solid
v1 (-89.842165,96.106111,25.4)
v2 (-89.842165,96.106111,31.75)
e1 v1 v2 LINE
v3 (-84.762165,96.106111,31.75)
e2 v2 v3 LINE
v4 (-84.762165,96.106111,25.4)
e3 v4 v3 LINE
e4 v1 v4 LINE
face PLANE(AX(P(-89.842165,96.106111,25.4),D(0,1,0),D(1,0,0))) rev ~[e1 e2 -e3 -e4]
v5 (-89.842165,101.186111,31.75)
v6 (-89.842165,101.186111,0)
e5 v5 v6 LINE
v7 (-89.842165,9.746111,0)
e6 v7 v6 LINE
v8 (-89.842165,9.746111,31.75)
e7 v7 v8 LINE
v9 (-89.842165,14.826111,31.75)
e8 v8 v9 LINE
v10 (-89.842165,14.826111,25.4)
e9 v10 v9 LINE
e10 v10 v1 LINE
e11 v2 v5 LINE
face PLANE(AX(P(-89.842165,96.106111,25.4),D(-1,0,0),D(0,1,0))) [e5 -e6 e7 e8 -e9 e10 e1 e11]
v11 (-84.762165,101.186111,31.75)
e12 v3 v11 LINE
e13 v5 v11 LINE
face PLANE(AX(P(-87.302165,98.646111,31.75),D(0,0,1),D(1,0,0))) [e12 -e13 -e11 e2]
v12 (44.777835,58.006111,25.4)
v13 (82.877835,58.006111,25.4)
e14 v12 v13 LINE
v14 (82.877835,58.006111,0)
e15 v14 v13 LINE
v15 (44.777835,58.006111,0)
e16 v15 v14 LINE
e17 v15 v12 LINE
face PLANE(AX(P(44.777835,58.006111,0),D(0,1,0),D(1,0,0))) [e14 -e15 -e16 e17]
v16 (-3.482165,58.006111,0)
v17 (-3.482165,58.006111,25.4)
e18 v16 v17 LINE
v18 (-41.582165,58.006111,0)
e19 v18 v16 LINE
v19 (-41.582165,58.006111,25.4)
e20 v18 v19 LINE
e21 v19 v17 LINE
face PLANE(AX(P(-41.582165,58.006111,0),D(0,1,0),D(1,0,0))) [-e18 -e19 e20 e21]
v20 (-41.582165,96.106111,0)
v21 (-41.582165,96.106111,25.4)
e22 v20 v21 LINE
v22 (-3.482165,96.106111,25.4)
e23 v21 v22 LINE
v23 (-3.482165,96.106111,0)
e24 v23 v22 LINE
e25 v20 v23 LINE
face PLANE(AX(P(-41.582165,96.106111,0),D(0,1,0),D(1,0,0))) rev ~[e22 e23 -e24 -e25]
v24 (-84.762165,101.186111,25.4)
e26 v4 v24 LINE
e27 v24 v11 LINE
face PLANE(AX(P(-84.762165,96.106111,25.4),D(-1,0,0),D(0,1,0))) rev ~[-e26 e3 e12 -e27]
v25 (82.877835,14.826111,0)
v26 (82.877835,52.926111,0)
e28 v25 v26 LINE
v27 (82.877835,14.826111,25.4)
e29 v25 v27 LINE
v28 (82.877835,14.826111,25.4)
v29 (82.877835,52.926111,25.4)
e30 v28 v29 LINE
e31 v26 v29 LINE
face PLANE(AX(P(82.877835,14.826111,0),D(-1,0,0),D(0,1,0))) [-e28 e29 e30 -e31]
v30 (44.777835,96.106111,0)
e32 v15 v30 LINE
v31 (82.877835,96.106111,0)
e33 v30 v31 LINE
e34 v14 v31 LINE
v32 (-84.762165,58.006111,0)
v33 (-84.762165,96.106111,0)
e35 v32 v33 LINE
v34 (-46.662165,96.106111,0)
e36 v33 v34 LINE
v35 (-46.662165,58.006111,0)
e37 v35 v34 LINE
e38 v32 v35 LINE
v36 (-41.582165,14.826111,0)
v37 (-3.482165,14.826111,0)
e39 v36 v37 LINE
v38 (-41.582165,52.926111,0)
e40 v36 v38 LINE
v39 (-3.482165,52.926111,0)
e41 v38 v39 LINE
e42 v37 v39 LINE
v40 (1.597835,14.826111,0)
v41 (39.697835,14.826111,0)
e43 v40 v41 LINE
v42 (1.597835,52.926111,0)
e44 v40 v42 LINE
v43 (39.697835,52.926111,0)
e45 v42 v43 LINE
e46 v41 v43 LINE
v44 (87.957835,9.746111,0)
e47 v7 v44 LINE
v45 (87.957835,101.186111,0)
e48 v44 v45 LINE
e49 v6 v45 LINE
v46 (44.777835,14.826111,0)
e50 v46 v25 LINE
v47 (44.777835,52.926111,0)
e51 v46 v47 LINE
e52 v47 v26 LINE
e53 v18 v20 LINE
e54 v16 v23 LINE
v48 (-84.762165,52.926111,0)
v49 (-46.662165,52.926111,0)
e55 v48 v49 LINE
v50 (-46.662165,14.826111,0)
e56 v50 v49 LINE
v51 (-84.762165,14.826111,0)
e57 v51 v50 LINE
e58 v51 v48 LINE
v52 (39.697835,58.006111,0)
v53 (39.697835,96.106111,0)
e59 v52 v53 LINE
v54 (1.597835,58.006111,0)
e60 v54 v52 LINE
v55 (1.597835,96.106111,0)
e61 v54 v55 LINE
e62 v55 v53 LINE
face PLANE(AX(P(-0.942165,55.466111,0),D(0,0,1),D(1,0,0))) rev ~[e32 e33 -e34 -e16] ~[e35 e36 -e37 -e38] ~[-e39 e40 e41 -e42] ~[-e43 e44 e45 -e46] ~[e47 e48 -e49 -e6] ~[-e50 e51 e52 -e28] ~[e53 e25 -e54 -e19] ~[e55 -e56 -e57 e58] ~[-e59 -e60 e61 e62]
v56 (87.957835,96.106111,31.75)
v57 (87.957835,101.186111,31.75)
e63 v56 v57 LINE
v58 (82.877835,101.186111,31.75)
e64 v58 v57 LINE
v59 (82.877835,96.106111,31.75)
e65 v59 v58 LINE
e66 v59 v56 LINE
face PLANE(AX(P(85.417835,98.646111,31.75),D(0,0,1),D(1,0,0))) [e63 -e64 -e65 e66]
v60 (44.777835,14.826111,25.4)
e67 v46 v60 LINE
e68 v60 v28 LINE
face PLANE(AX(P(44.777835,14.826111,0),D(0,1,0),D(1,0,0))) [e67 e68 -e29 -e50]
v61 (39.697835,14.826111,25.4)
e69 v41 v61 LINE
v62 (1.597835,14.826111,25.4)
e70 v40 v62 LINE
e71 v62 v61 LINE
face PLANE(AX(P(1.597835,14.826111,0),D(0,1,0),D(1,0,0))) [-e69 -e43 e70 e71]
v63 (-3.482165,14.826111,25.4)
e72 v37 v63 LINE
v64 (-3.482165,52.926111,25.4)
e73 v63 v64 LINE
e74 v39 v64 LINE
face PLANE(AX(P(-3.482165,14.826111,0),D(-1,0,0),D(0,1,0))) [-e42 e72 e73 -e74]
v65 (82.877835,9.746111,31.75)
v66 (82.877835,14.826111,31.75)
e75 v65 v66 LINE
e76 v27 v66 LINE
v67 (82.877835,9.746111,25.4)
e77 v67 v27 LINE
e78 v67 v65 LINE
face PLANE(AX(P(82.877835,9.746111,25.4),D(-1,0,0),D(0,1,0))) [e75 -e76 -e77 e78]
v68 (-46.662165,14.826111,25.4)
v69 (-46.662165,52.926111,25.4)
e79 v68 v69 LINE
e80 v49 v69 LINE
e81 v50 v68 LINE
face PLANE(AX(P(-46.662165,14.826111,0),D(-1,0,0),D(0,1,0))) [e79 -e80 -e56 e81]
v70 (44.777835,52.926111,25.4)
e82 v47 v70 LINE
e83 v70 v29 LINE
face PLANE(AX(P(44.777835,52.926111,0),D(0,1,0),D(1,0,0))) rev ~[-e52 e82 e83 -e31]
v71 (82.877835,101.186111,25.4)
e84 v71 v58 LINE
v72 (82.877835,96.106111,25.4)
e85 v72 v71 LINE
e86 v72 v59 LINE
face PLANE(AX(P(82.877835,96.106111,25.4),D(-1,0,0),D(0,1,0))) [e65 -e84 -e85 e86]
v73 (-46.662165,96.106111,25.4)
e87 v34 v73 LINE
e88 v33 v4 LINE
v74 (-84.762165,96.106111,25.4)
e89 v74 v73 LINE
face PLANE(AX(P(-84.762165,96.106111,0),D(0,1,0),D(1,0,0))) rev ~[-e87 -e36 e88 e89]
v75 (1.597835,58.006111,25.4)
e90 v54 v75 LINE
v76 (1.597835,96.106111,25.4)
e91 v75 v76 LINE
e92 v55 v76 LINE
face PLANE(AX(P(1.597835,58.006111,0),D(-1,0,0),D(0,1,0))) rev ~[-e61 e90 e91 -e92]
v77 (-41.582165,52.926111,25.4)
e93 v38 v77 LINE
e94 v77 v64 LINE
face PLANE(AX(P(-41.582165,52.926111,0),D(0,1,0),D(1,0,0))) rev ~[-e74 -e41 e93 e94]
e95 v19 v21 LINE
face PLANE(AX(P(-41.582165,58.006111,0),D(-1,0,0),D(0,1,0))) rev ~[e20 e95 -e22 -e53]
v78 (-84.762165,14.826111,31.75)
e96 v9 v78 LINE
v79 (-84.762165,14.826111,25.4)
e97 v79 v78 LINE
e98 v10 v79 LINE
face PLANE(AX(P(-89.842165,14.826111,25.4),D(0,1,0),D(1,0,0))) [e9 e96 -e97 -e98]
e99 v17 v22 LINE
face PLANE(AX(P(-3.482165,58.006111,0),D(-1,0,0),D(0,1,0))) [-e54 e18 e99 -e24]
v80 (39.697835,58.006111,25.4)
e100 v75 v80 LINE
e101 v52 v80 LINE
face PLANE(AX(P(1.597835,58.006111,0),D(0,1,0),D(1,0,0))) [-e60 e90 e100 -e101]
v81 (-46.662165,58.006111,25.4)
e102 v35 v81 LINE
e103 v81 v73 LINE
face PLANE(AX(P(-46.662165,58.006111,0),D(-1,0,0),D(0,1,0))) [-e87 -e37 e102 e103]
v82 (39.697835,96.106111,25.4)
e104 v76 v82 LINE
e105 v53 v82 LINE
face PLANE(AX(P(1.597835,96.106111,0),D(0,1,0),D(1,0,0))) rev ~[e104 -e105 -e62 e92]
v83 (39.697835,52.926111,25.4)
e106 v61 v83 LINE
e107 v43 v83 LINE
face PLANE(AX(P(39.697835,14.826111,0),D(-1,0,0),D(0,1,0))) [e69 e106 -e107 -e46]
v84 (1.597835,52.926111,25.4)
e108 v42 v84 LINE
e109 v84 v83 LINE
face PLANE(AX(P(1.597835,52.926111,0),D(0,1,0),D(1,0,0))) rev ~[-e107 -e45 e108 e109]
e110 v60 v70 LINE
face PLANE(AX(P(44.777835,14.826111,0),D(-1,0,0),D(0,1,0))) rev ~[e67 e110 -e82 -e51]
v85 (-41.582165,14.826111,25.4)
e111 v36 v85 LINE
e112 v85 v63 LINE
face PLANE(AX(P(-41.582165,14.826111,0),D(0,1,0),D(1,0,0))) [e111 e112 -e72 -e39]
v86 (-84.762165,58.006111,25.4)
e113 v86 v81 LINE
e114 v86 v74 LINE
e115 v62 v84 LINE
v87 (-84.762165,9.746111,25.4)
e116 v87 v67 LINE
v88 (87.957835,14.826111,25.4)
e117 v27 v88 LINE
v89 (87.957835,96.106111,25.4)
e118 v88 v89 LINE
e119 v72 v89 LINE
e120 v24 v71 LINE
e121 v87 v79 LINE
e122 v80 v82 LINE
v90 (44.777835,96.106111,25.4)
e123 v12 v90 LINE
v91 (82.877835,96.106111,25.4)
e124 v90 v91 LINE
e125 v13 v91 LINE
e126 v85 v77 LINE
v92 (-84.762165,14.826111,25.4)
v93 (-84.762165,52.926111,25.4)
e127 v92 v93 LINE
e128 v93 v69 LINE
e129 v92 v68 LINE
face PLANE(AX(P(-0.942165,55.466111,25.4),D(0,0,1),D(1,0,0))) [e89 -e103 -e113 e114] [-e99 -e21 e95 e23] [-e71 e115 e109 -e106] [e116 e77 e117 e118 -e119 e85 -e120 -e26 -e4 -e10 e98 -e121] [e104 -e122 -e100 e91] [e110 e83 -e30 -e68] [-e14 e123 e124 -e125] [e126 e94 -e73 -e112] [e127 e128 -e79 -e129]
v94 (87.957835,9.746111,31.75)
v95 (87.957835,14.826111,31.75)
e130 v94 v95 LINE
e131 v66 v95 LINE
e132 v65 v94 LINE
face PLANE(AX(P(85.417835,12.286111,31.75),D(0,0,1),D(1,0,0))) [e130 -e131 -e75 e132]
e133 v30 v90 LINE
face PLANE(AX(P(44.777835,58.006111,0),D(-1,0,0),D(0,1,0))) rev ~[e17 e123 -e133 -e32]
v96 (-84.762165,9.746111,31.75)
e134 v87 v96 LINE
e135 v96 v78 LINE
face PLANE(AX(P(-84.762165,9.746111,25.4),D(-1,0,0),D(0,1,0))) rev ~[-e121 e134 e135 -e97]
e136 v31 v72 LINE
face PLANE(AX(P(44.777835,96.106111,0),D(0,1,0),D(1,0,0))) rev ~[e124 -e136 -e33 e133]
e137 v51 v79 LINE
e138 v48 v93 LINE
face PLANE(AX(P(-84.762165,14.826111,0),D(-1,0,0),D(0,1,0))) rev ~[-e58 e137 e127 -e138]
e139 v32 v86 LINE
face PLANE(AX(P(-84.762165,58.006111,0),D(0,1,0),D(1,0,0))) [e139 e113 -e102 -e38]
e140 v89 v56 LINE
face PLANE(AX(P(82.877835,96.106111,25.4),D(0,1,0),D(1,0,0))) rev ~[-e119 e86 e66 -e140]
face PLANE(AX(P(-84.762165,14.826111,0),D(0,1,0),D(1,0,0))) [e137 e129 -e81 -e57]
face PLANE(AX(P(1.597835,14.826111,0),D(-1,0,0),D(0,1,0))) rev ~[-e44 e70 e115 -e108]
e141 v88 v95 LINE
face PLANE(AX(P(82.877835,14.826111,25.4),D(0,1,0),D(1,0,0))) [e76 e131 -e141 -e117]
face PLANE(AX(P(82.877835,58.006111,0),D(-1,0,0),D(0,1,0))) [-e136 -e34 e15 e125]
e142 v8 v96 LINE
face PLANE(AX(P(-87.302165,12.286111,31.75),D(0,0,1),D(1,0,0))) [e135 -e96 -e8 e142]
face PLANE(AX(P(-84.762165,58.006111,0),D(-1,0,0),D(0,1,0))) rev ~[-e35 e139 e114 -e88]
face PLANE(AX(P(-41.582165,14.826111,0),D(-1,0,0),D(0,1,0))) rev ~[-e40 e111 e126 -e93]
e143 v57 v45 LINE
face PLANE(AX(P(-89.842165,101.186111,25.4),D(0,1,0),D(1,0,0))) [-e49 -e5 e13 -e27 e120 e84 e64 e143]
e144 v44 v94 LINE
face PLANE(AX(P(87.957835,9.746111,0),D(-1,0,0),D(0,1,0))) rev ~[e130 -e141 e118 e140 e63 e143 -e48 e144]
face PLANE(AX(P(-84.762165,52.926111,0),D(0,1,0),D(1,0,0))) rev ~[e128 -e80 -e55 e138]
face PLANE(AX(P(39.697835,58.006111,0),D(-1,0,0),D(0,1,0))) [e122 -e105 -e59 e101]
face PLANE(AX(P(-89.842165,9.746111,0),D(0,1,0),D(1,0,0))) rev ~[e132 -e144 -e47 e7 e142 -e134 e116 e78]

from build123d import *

# Parameters (mm, degrees)
F0_W     = 177.8
F0_H     = 91.44
F0_W_2   = 38.1
F0_H_2   = 38.1
F1_DEPTH = 25.4
F2_W     = 5.08
F2_H     = 5.08
F3_DEPTH = 6.35


with BuildPart() as f1:
    # F0 (on Top) → F1 (new body)
    with BuildSketch(Plane.XY):
        with Locations((-0.942165, 55.466111)):
            Rectangle(F0_W, F0_H)
        with Locations((-65.712165, 33.876111)):
            Rectangle(F0_W_2, F0_H_2, mode=Mode.SUBTRACT)
        with Locations((-22.532165, 33.876111)):
            Rectangle(F0_W_2, F0_H_2, mode=Mode.SUBTRACT)
        with Locations((20.647835, 33.876111)):
            Rectangle(F0_W_2, F0_H_2, mode=Mode.SUBTRACT)
        with Locations((63.827835, 33.876111)):
            Rectangle(F0_W_2, F0_H_2, mode=Mode.SUBTRACT)
        with Locations((-65.712165, 77.056111)):
            Rectangle(F0_W_2, F0_H_2, mode=Mode.SUBTRACT)
        with Locations((-22.532165, 77.056111)):
            Rectangle(F0_W_2, F0_H_2, mode=Mode.SUBTRACT)
        with Locations((20.647835, 77.056111)):
            Rectangle(F0_W_2, F0_H_2, mode=Mode.SUBTRACT)
        with Locations((63.827835, 77.056111)):
            Rectangle(F0_W_2, F0_H_2, mode=Mode.SUBTRACT)
    extrude(amount=F1_DEPTH)

    # F2 (on face) → F3 (join)
    with BuildSketch(Plane.XY.offset(25.4)):
        with Locations((-87.302165, 98.646111)):
            Rectangle(F2_W, F2_H)
        with Locations((-87.302165, 12.286111)):
            Rectangle(F2_W, F2_H)
        with Locations((85.417835, 12.286111)):
            Rectangle(F2_W, F2_H)
        with Locations((85.417835, 98.646111)):
            Rectangle(F2_W, F2_H)
    extrude(amount=F3_DEPTH)


solid = f1.part
